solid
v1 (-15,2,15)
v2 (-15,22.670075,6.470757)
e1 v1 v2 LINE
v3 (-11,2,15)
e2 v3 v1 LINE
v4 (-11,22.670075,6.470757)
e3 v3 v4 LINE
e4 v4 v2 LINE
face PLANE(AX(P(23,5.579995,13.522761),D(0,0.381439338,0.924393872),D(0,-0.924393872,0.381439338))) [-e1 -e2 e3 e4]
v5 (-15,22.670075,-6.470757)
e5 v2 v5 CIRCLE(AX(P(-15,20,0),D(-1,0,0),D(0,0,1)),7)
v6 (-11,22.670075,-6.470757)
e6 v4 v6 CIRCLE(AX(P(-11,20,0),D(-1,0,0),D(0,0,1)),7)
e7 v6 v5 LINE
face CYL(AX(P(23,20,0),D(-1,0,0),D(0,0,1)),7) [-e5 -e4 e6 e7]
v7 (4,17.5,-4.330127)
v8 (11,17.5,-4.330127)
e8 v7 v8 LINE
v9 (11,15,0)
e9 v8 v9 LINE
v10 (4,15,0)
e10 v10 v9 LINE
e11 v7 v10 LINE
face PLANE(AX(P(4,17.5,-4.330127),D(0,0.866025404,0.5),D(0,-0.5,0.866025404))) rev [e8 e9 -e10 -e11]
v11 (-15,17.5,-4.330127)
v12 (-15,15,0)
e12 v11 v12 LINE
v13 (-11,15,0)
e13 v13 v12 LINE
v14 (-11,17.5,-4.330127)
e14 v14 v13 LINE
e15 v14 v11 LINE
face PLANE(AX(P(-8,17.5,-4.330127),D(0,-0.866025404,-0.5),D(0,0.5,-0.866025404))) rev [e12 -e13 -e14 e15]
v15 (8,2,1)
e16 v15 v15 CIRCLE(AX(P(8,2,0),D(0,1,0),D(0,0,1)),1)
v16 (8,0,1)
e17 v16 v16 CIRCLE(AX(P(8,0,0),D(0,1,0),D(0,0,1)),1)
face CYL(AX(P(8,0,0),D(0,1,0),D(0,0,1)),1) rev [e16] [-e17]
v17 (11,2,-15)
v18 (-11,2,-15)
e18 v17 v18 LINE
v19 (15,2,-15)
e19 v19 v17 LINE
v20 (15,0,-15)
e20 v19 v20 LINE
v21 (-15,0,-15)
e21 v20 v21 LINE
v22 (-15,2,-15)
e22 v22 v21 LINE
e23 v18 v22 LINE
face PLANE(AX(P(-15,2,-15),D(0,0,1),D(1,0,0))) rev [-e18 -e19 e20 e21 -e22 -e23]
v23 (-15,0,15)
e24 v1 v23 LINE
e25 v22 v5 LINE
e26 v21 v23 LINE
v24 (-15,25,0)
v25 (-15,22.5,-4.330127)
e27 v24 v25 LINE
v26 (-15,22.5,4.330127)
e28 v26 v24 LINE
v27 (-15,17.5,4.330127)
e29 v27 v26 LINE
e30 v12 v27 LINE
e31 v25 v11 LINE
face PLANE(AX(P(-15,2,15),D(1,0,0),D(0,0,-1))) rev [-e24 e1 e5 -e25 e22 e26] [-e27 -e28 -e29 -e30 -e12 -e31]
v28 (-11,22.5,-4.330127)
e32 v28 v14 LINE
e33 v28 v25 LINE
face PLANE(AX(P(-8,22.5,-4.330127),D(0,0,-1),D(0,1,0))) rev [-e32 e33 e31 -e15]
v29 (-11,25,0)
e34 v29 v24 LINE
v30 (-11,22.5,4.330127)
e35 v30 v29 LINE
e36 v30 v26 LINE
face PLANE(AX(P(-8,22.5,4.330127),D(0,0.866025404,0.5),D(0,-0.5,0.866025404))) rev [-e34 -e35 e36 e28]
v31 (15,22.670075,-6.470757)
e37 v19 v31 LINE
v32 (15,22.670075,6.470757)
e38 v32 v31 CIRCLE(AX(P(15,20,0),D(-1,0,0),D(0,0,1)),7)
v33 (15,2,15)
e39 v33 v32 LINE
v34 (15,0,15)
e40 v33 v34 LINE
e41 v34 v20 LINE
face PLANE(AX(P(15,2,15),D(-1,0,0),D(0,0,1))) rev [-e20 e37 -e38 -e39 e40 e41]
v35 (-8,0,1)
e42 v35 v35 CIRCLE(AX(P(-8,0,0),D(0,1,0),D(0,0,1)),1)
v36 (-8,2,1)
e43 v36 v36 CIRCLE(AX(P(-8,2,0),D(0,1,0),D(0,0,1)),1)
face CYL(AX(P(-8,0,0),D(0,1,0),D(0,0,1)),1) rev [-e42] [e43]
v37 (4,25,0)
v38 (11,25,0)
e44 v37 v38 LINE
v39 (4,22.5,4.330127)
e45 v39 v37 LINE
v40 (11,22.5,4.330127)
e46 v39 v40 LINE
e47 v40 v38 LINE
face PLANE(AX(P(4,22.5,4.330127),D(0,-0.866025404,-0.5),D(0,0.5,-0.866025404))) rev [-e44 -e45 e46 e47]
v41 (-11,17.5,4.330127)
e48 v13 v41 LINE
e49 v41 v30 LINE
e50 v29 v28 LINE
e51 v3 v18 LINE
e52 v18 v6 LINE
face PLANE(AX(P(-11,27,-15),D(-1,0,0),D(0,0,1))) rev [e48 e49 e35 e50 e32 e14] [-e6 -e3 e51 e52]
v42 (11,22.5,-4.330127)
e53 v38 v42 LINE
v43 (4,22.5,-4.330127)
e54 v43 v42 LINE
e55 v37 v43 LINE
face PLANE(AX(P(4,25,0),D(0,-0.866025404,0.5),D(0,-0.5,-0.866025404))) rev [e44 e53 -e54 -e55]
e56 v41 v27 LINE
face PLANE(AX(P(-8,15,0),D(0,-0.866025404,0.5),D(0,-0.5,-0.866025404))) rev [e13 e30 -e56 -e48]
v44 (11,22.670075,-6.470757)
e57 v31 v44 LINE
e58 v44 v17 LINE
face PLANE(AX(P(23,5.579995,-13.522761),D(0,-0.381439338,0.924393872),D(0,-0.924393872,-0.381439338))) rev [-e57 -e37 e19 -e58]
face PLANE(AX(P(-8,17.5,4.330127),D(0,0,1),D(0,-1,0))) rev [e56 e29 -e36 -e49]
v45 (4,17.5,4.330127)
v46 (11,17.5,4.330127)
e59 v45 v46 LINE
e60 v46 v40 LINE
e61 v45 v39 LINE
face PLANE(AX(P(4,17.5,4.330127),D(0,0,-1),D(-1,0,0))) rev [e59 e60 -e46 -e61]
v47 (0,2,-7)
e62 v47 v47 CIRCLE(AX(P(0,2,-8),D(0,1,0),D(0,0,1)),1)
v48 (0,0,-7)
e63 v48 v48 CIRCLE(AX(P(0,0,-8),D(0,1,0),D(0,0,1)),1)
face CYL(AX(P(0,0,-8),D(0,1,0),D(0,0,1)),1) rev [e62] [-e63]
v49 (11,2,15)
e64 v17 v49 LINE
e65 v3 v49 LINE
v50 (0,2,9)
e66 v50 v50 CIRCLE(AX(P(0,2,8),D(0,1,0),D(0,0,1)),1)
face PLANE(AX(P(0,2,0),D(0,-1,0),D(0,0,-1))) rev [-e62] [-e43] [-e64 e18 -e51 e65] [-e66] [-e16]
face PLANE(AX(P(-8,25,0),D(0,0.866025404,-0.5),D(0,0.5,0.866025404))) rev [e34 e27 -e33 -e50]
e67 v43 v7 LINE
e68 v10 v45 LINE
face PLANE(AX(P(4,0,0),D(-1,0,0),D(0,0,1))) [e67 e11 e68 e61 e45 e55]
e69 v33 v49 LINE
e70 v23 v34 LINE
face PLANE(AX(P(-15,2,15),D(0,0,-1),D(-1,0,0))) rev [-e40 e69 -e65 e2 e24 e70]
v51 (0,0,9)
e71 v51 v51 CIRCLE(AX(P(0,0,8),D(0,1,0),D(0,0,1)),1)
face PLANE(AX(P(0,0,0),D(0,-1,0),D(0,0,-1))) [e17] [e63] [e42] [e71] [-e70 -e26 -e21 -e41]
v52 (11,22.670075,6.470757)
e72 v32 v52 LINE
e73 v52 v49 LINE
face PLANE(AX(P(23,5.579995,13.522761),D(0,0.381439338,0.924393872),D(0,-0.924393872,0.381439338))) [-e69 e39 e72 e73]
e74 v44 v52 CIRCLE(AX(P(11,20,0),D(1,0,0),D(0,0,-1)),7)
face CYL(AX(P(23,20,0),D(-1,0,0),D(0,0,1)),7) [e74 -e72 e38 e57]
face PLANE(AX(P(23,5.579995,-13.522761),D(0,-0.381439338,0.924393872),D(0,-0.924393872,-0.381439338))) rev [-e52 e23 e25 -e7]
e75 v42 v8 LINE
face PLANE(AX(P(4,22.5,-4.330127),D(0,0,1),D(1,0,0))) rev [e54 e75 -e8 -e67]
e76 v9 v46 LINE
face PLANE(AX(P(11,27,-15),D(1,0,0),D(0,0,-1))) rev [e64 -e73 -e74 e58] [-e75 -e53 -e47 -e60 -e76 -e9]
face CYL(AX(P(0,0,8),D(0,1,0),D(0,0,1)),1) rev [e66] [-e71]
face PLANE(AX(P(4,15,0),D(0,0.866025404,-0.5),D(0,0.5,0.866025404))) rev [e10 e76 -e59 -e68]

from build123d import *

# Parameters (mm, degrees)
SKETCH1_W           = 30
SKETCH1_H           = 30
BOSS_EXTRUDE1_DEPTH = 2
SKETCH2_R           = 1
CUT_EXTRUDE1_DEPTH  = 2
SKETCH3_W           = 4
SKETCH3_H           = 30
BOSS_EXTRUDE2_DEPTH = 25
CUT_EXTRUDE2_DEPTH  = 38
BOSS_EXTRUDE3_DEPTH = 7
CUT_EXTRUDE3_DEPTH  = 7


with BuildPart() as part:
    # Sketch1 → Boss-Extrude1 (new body)
    with BuildSketch(Plane(origin=(0, 0, 0), x_dir=(1, 0, 0), z_dir=(0, 1, 0))):
        Rectangle(SKETCH1_W, SKETCH1_H)
    extrude(amount=BOSS_EXTRUDE1_DEPTH)

    # Sketch2 → Cut-Extrude1 (cut)
    with BuildSketch(Plane(origin=(0, 2, 0), x_dir=(1, 0, 0), z_dir=(0, 1, 0))):
        with Locations(Location((0, 8, 0), (0, 0, 270))):
            Circle(SKETCH2_R)
        with Locations(Location((8, 0, 0), (0, 0, 270))):
            Circle(SKETCH2_R)
        with Locations(Location((0, -8, 0), (0, 0, 270))):
            Circle(SKETCH2_R)
        with Locations(Location((-8, 0, 0), (0, 0, 270))):
            Circle(SKETCH2_R)
    extrude(amount=-CUT_EXTRUDE1_DEPTH, mode=Mode.SUBTRACT)

    # Sketch3 → Boss-Extrude2 (add)
    with BuildSketch(Plane(origin=(0, 2, 0), x_dir=(1, 0, 0), z_dir=(0, 1, 0))):
        with Locations((-13, 0)):
            Rectangle(SKETCH3_W, SKETCH3_H)
        with Locations((13, 0)):
            Rectangle(SKETCH3_W, SKETCH3_H)
    extrude(amount=BOSS_EXTRUDE2_DEPTH)

    # Sketch5 → Cut-Extrude2 (cut)
    with BuildSketch(Plane.ZY.offset(15)):
        with BuildLine():
            Line((15, 27), (0, 27))
            ThreePointArc((0, 27), (3.892908452, 25.817668243), (6.470757107, 22.670075367))
            Line((6.470757107, 22.670075367), (15, 2))
            Line((15, 2), (15, 27))
        make_face()
        with BuildLine():
            ThreePointArc((-6.470757107, 22.670075367), (-3.892908452, 25.817668243), (0, 27))
            Line((0, 27), (-15, 27))
            Line((-15, 27), (-15, 2))
            Line((-15, 2), (-6.470757107, 22.670075367))
        make_face()
    extrude(amount=-CUT_EXTRUDE2_DEPTH, mode=Mode.SUBTRACT)

    # Sketch6 → Boss-Extrude3 (add)
    with BuildSketch(Plane.ZY.offset(-11)):
        Polygon((0, 25), (-4.330127019, 22.5), (-4.330127019, 17.5), (0, 15), (4.330127019, 17.5), (4.330127019, 22.5), align=None)
    extrude(amount=BOSS_EXTRUDE3_DEPTH)

    # Sketch7 → Cut-Extrude3 (cut)
    with BuildSketch(Plane.ZY.offset(15)):
        Polygon((0, 25), (-4.330127019, 22.5), (-4.330127019, 17.5), (0, 15), (4.330127019, 17.5), (4.330127019, 22.5), align=None)
    extrude(amount=-CUT_EXTRUDE3_DEPTH, mode=Mode.SUBTRACT)


solid = part.part
